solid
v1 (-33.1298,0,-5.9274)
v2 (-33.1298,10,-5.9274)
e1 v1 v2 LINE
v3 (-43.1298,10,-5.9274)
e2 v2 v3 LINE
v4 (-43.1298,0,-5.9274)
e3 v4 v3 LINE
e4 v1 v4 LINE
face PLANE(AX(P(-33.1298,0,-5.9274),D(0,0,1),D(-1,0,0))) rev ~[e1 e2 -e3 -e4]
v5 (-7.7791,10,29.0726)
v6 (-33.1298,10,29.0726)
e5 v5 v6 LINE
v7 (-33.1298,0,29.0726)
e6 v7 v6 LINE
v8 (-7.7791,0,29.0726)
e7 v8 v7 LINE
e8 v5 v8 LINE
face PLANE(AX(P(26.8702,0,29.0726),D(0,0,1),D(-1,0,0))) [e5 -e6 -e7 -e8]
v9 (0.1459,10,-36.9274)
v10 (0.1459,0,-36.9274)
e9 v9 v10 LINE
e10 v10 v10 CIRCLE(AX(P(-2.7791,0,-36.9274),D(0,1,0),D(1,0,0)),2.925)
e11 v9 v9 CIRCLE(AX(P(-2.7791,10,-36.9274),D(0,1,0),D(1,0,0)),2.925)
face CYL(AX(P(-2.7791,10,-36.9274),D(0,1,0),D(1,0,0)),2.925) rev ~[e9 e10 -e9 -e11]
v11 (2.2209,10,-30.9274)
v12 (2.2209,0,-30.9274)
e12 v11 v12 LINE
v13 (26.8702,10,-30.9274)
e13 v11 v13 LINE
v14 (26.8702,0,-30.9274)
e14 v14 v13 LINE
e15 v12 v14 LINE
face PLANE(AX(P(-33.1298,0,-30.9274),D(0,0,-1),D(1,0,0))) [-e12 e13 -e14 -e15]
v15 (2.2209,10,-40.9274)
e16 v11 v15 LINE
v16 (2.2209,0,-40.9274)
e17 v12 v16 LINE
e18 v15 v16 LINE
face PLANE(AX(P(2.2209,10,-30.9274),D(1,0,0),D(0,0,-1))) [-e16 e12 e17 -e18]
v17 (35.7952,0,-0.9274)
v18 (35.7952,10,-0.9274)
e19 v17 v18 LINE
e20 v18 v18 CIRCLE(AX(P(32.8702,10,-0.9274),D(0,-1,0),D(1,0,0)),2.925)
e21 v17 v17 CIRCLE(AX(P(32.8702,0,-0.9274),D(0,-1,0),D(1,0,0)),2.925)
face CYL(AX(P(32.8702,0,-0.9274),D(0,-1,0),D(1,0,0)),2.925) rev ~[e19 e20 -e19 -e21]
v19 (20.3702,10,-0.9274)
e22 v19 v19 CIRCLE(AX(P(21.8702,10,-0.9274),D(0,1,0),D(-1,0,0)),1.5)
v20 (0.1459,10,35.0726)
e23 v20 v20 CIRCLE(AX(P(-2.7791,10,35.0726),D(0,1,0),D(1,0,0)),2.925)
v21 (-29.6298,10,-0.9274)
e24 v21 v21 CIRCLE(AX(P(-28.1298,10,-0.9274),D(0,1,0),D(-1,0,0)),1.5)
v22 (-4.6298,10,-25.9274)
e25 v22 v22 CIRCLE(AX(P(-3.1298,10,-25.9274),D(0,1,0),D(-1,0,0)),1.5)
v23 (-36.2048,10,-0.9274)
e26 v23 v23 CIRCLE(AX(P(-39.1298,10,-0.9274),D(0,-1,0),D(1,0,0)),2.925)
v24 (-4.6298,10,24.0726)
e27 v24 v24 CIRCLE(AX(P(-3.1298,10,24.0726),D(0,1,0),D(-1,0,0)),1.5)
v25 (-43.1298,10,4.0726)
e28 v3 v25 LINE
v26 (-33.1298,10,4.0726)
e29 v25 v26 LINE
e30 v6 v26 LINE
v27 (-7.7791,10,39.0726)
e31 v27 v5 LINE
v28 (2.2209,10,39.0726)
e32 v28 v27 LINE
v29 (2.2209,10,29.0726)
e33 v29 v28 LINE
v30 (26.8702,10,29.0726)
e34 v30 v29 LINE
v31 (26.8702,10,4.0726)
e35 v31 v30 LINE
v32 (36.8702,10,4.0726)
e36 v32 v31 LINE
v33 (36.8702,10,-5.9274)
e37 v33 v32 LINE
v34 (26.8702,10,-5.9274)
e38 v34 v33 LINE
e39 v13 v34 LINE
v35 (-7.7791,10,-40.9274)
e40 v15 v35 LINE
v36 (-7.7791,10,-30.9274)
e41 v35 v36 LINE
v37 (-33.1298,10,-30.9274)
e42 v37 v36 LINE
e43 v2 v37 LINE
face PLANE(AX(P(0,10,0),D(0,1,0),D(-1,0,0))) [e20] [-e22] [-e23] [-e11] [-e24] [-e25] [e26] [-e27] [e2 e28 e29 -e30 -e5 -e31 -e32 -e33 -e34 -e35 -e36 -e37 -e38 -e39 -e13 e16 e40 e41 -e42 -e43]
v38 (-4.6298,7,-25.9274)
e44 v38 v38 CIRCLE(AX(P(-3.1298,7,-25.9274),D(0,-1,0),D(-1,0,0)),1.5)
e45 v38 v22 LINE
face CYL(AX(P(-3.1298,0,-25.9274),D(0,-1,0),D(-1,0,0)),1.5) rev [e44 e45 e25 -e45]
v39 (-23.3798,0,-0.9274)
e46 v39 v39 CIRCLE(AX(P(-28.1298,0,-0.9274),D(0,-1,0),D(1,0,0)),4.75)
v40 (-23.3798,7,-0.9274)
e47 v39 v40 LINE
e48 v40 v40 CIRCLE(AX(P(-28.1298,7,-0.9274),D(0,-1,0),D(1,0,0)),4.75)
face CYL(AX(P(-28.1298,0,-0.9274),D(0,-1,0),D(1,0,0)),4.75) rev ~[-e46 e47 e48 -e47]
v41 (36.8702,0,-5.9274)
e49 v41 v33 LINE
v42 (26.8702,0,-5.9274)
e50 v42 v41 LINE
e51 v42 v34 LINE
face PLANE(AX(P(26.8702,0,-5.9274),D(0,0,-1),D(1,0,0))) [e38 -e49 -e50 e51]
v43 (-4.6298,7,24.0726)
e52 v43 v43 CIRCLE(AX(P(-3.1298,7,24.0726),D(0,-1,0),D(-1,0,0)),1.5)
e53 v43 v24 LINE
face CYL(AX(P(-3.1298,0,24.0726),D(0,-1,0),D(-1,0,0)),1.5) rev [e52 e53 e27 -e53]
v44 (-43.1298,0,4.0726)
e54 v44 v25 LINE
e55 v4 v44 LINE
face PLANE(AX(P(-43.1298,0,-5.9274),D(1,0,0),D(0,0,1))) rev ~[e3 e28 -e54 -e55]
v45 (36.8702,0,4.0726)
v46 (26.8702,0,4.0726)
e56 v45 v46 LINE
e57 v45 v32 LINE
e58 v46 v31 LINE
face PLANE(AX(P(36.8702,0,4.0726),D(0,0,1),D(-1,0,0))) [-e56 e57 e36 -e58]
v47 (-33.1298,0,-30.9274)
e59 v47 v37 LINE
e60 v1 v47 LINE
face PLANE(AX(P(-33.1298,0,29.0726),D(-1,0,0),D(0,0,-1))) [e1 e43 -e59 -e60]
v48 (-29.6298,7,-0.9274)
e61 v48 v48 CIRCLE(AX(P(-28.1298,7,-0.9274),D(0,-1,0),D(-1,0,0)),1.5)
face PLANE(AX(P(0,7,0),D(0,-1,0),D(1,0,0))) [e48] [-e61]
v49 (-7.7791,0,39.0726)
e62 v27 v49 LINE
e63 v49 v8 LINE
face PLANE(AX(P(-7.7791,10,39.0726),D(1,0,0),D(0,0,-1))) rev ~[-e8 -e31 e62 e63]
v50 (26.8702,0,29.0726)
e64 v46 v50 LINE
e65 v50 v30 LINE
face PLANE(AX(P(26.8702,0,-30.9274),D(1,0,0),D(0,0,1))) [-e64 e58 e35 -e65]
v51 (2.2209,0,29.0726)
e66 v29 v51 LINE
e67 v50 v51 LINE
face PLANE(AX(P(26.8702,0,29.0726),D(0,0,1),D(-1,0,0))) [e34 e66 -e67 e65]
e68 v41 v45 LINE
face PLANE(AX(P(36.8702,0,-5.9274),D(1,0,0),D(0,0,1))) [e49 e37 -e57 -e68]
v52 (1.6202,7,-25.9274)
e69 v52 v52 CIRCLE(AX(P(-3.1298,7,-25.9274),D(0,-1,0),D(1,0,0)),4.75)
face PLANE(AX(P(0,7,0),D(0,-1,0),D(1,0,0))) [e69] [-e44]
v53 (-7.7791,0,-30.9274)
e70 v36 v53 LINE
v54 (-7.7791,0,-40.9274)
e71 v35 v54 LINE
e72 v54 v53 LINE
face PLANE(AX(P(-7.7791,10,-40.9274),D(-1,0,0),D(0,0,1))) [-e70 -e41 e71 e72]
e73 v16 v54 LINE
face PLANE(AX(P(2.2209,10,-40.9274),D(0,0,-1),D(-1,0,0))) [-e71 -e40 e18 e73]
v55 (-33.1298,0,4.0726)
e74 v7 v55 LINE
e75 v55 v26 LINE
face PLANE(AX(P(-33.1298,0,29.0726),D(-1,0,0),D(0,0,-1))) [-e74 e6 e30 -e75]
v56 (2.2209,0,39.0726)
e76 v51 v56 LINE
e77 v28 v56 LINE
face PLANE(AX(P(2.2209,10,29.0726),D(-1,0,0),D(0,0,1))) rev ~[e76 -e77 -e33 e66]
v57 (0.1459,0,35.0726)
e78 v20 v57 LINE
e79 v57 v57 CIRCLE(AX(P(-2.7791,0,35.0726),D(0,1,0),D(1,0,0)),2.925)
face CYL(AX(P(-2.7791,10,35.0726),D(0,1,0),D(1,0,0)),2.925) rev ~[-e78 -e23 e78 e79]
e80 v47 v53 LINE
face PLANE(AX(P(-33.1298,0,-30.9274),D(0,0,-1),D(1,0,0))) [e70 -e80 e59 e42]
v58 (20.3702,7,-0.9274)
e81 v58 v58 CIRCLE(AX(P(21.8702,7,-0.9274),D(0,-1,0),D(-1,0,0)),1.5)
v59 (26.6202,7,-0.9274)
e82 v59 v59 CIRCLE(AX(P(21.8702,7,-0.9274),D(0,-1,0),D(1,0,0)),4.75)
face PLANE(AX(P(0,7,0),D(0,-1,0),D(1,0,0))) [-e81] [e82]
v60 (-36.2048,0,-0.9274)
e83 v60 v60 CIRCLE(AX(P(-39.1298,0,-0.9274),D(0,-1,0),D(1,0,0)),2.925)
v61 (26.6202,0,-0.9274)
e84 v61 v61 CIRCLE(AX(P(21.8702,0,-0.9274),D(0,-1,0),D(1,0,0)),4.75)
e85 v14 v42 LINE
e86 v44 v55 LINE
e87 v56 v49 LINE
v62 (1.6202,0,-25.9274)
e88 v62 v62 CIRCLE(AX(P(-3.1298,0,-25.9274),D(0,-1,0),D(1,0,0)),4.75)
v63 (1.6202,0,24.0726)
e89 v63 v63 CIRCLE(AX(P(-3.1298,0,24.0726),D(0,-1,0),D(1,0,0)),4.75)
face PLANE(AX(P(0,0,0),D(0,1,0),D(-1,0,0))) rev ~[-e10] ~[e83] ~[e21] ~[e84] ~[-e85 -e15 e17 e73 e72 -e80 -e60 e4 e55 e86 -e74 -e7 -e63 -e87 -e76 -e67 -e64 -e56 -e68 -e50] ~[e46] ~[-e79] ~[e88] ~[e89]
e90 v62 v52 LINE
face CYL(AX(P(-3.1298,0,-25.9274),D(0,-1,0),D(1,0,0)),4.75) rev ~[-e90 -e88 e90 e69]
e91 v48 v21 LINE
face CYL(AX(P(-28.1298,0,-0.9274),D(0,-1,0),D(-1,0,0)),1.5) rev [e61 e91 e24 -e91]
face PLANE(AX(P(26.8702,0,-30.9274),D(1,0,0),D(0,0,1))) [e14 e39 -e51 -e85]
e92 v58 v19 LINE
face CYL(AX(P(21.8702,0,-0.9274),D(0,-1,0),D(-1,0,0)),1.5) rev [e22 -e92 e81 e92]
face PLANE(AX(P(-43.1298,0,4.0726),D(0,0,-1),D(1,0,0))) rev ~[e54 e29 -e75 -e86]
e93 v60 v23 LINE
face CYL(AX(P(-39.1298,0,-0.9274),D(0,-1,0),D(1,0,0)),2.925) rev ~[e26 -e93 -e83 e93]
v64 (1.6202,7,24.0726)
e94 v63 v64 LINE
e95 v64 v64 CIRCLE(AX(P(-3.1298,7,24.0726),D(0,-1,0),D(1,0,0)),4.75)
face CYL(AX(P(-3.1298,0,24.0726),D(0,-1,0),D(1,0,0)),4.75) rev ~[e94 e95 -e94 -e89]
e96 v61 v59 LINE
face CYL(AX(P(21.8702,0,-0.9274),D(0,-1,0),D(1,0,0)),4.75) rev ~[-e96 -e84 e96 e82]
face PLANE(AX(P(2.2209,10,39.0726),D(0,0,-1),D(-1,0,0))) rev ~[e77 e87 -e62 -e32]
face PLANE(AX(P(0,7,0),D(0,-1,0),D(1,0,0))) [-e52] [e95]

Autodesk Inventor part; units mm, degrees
ref_plane "YZ Plane" through (0, 0, 0) normal (1, 0, 0) x (0, 1, 0)
ref_plane "XZ Plane" through (0, 0, 0) normal (0, 1, 0) x (-1, 0, 0)
ref_plane "XY Plane" through (0, 0, 0) normal (0, 0, 1) x (1, 0, 0)
sketch "Sketch1" plane through (0, 0, 0) normal (0, 1, 0) x (-1, 0, 0)
  circle A0 centre (28.1298, -0.9274) radius 1.5
  circle A1 centre (3.1298, -25.9274) radius 1.5
  circle A2 centre (-21.8702, -0.9274) radius 1.5
  circle A3 centre (3.1298, 24.0726) radius 1.5
  line L0 (33.1298, -30.9274) -> (-26.8702, -30.9274)
  line L1 (-26.8702, -30.9274) -> (-26.8702, 29.0726)
  line L2 (-26.8702, 29.0726) -> (33.1298, 29.0726)
  line L3 (33.1298, 29.0726) -> (33.1298, -30.9274)
  line L4 (33.1298, -30.9274) -> (-26.8702, 29.0726) construction
  line L5 (-26.8702, -30.9274) -> (33.1298, 29.0726) construction
  point P0 (0, 0)
  dimension "d1" = 3
  dimension "d2" = 3
  dimension "d3" = 3
  dimension "d4" = 3
  dimension "d7" = 60
  dimension "d8" = 5
  dimension "d9" = 50
  dimension "d10" = 50
  dimension "d12" = 5
  dimension "d13" = 60
  dimension "d14" = 5
  dimension "d15" = 30
  dimension "d16" = 30
  dimension "d17" = 30
extrude "Extrusion1" add sketch "Sketch1" along normal blind 10
sketch "Sketch2" plane through (0, 10, 0) normal (0, 1, 0) x (1, 0, 0)
  line L0 (26.8702, 30.9274) -> (-33.1298, 30.9274) projected
  line L1 (-7.7791, 30.9274) -> (2.2209, 30.9274)
  line L2 (2.2209, 30.9274) -> (2.2209, 40.9274)
  line L3 (2.2209, 40.9274) -> (-7.7791, 40.9274)
  line L4 (-7.7791, 40.9274) -> (-7.7791, 30.9274)
  line L5 (-33.1298, -29.0726) -> (26.8702, -29.0726) projected
  line L6 (-7.7791, -29.0726) -> (2.2209, -29.0726)
  line L7 (2.2209, -29.0726) -> (2.2209, -39.0726)
  line L8 (2.2209, -39.0726) -> (-7.7791, -39.0726)
  line L9 (-7.7791, -39.0726) -> (-7.7791, -29.0726)
  point P0 (0, 0)
  dimension "d18" = 10
  dimension "d19" = 10
  dimension "d20" = 10
extrude "Extrusion2" add sketch "Sketch2" against normal blind 10
sketch "Sketch3" plane through (0, 10, 0) normal (0, 1, 0) x (1, 0, 0)
  circle A0 centre (-2.7791, 36.9274) radius 2.925
  circle A1 centre (-2.7791, -35.0726) radius 2.925
  line L0 (2.2209, 40.9274) -> (-7.7791, 40.9274) projected
  line L1 (2.2209, -39.0726) -> (-7.7791, -39.0726) projected
  line L2 (-7.7791, 30.9274) -> (-7.7791, 40.9274) projected
  line L3 (-7.7791, -39.0726) -> (-7.7791, -29.0726) projected
  point P0 (0, 0)
  dimension "d23" = 5.85
  dimension "d24" = 5.85
  dimension "d25" = 4
  dimension "d26" = 4
  dimension "d29" = 5
  dimension "d30" = 5
extrude "Extrusion3" cut sketch "Sketch3" against normal through all
sketch "Sketch4" plane through (0, 0, 0) normal (0, -1, 0) x (1, 0, 0)
  circle A0 centre (-3.1298, 24.0726) radius 1.5 projected
  circle A1 centre (-3.1298, 24.0726) radius 4.75
  circle A2 centre (21.8702, -0.9274) radius 1.5 projected
  circle A3 centre (21.8702, -0.9274) radius 4.75
  circle A4 centre (-3.1298, -25.9274) radius 1.5 projected
  circle A5 centre (-3.1298, -25.9274) radius 4.75
  circle A6 centre (-28.1298, -0.9274) radius 1.5 projected
  circle A7 centre (-28.1298, -0.9274) radius 4.75
  point P0 (0, 0)
  dimension "d31" = 9.5
  dimension "d32" = 9.5
  dimension "d33" = 9.5
  dimension "d34" = 9.5
extrude "Extrusion4" cut sketch "Sketch4" against normal blind 7
sketch "Sketch5" plane through (0, 0, 0) normal (0, -1, 0) x (1, 0, 0)
  line L0 (-33.1298, 29.0726) -> (-33.1298, -30.9274) projected
  line L1 (-33.1298, -5.9274) -> (-43.1298, -5.9274)
  line L2 (-43.1298, -5.9274) -> (-43.1298, 4.0726)
  line L3 (-43.1298, 4.0726) -> (-33.1298, 4.0726)
  line L4 (-33.1298, 4.0726) -> (-33.1298, -5.9274)
  line L5 (-33.1298, -30.9274) -> (-7.7791, -30.9274) projected
  line L6 (26.8702, 29.0726) -> (-33.1298, 29.0726) projected
  line L7 (26.8702, -30.9274) -> (26.8702, 29.0726) projected
  line L8 (26.8702, -5.9274) -> (36.8702, -5.9274)
  line L9 (36.8702, -5.9274) -> (36.8702, 4.0726)
  line L10 (36.8702, 4.0726) -> (26.8702, 4.0726)
  line L11 (26.8702, 4.0726) -> (26.8702, -5.9274)
  line L12 (-33.1298, -30.9274) -> (26.8702, -30.9274) projected
  line L13 (26.8702, 29.0726) -> (2.2209, 29.0726) projected
  point P0 (0, 0)
  point P1 (-7.7791, 29.0726)
  point P2 (2.2209, -30.9274)
  dimension "d37" = 10
  dimension "d38" = 10
  dimension "d39" = 25
  dimension "d40" = 25
  dimension "d41" = 10
  dimension "d42" = 25
  dimension "d43" = 25
extrude "Extrusion5" add sketch "Sketch5" against normal blind 10 contours L0 L1 L2 L3 | L10 L9 L8 L7
sketch "Sketch6" plane through (0, 0, 0) normal (0, -1, 0) x (1, 0, 0)
  circle A0 centre (-39.1298, -0.9274) radius 2.925
  circle A1 centre (32.8702, -0.9274) radius 2.925
  line L0 (26.8702, -5.9274) -> (36.8702, -5.9274) projected
  line L1 (36.8702, -5.9274) -> (36.8702, 4.0726) projected
  line L2 (-43.1298, -5.9274) -> (-43.1298, 4.0726) projected
  line L3 (-33.1298, -5.9274) -> (-43.1298, -5.9274) projected
  point P0 (0, 0)
  dimension "d46" = 5.85
  dimension "d47" = 5.85
  dimension "d48" = 5
  dimension "d49" = 4
  dimension "d50" = 4
  dimension "d51" = 5
extrude "Extrusion6" cut sketch "Sketch6" against normal through all
properties part number "Bottom CLPCLampcell_V5"
